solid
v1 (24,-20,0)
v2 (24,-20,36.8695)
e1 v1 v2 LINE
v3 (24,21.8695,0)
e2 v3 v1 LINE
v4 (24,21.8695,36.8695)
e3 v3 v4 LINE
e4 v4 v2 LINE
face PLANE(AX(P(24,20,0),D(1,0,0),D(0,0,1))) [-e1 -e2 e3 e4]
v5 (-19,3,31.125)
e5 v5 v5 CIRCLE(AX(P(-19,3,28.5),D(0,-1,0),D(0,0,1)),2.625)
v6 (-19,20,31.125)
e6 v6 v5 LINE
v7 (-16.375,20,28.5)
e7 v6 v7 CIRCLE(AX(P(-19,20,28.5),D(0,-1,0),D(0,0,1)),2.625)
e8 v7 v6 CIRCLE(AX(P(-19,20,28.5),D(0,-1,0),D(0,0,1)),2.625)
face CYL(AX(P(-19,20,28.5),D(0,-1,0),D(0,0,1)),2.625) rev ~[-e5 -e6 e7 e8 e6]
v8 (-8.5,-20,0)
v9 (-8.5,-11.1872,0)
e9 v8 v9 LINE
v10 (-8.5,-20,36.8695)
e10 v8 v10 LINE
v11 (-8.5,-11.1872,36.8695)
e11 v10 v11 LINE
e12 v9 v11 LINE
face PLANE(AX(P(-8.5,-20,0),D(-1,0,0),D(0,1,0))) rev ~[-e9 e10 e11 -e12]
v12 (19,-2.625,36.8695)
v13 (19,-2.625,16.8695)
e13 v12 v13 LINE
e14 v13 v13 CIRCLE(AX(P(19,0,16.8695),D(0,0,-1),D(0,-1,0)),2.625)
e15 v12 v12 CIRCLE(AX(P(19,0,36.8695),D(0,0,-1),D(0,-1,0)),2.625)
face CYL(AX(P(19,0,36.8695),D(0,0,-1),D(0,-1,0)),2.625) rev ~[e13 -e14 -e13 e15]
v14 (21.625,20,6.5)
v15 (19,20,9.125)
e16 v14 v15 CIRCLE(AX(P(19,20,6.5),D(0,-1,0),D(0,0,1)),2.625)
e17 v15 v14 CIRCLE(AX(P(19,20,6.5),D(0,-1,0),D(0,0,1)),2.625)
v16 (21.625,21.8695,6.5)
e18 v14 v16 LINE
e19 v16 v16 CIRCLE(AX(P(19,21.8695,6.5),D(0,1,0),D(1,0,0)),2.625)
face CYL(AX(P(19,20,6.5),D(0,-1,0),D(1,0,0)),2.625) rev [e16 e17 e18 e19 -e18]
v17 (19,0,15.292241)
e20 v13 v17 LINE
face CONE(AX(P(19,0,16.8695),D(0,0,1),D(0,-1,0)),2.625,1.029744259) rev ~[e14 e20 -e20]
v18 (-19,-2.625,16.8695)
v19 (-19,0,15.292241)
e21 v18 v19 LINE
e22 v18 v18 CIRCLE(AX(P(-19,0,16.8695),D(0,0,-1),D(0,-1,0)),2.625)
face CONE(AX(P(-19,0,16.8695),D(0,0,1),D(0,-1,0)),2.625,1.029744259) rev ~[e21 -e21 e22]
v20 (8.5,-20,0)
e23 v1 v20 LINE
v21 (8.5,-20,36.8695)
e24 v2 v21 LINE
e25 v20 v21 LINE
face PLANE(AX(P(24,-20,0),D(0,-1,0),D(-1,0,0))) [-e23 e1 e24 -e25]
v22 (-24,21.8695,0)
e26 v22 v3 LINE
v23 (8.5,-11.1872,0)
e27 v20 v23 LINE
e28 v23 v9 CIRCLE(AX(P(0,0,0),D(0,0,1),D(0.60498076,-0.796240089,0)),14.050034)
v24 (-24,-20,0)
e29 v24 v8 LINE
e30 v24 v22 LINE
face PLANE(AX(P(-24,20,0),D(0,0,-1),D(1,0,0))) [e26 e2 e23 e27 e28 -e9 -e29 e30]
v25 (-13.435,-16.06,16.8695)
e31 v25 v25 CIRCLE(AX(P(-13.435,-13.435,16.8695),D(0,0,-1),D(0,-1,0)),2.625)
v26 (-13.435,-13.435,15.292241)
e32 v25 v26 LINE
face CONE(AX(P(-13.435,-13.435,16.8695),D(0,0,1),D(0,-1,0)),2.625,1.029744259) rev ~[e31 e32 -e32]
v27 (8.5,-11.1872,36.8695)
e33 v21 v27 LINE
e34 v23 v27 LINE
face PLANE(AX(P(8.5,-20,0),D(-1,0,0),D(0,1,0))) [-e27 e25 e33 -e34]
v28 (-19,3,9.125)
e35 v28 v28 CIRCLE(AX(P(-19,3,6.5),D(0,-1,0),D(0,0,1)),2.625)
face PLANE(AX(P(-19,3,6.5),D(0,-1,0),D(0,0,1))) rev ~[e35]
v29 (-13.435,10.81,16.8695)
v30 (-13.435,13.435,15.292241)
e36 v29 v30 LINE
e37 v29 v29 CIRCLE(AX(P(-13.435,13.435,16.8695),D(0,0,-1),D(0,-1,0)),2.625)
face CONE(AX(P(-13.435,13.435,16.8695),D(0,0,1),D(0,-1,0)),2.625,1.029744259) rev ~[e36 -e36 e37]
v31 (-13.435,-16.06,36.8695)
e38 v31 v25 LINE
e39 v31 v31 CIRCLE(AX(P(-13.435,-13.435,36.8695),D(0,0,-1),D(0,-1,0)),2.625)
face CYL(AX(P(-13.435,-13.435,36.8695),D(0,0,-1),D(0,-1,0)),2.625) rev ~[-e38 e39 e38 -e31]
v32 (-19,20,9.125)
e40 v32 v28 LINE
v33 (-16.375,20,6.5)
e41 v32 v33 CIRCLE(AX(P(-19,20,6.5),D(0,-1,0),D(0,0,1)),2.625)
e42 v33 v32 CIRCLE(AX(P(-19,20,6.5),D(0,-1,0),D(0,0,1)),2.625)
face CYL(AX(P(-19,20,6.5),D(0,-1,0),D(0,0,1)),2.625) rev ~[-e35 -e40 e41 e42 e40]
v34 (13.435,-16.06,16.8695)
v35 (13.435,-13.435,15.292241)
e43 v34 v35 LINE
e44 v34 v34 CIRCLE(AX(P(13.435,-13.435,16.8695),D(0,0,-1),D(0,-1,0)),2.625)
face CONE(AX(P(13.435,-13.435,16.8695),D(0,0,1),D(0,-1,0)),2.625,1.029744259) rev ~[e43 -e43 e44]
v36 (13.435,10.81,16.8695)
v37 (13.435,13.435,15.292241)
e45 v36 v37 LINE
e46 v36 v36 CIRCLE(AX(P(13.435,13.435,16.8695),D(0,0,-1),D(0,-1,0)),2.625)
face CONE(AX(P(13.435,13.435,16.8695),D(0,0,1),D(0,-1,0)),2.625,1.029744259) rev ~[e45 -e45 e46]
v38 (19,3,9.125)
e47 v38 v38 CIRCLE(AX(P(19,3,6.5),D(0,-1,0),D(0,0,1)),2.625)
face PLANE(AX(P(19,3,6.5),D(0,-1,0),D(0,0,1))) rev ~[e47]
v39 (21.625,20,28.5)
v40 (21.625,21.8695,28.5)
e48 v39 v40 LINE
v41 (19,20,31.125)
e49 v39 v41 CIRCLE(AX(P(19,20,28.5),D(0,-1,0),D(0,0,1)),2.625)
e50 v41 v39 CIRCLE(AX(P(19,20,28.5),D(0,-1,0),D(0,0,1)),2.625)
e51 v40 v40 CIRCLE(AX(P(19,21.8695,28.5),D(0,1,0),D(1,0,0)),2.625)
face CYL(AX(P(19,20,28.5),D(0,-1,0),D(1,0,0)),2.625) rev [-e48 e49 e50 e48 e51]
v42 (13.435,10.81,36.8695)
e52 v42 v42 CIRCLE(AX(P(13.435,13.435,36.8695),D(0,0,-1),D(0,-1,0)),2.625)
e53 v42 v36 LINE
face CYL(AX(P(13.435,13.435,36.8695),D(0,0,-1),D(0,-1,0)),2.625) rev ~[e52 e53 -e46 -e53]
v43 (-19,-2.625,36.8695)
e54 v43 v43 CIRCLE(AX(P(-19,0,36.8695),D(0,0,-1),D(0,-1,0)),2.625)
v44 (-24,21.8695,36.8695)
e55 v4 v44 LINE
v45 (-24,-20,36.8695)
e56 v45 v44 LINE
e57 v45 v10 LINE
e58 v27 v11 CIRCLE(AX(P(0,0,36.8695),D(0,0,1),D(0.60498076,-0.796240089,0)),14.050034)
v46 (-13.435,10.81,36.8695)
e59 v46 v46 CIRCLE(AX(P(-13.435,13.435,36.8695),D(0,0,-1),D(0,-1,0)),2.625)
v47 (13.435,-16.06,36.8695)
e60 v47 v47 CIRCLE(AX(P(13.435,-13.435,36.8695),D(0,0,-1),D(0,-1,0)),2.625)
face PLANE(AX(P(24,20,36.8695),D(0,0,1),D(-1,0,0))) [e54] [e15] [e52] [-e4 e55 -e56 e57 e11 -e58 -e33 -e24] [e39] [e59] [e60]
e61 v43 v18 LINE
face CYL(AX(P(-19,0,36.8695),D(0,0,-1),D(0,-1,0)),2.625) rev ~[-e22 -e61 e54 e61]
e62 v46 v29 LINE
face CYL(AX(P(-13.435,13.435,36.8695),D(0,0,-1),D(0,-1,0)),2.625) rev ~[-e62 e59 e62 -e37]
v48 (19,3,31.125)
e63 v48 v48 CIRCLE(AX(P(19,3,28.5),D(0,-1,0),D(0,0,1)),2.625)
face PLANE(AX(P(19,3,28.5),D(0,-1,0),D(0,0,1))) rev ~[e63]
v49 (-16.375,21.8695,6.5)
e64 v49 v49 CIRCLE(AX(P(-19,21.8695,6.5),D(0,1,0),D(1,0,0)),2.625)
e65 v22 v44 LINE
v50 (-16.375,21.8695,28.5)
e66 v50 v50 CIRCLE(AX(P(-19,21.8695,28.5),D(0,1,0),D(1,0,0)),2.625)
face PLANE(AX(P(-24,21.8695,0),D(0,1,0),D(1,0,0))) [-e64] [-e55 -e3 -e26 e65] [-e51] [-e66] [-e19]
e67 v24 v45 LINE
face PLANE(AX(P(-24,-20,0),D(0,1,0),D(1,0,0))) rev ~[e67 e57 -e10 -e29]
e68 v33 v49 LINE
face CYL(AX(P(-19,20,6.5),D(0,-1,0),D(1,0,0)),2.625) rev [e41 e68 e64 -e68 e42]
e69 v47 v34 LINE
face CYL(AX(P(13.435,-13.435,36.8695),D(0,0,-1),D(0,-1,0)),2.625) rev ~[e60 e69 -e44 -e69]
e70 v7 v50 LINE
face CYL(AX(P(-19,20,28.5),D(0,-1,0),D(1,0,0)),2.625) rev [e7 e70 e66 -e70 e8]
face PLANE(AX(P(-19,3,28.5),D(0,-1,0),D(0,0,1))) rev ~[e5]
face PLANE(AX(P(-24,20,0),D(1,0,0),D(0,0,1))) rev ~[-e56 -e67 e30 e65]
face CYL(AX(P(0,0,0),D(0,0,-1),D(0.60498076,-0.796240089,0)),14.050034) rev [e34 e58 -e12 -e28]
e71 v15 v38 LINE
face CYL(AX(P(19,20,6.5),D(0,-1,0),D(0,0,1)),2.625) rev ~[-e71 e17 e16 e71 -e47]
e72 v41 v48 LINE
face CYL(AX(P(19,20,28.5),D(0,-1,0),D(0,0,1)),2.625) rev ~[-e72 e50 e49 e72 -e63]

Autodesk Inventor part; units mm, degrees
ref_plane "YZ Plane" through (0, 0, 0) normal (1, 0, 0) x (0, 1, 0)
ref_plane "XZ Plane" through (0, 0, 0) normal (0, 1, 0) x (-1, 0, 0)
ref_plane "XY Plane" through (0, 0, 0) normal (0, 0, 1) x (1, 0, 0)
sketch "Sketch1" plane through (0, 0, 0) normal (0, 0, 1) x (1, 0, 0)
  line L0 (-24, 20) -> (24, 20)
  line L1 (-24, 20) -> (-24, -20)
  line L2 (-24, -20) -> (-8.5, -20)
  line L3 (24, 20) -> (24, -20)
  line L4 (24, -20) -> (8.5, -20)
  arc A0 (8.5, -11.1872) -> (-8.5, -11.1872) centre (0, 0) ccw
  line L5 (-8.5, -20) -> (-8.5, -11.1872)
  line L6 (8.5, -20) -> (8.5, -11.1872)
  point P0 (0, 20)
  point P1 (-24, 0)
  dimension "d0" = 48
  dimension "d1" = 40
  dimension "d2" = 17
  dimension "d3" = 15.5
  dimension "d4" = 40
  dimension "d6" = 14.05
  dimension "d70" = 8.8128
extrude "Extrusion1" add sketch "Sketch1" along normal blind 36.8695
sketch "Sketch2" plane through (0, 0, 36.8695) normal (0, 0, 1) x (1, 0, 0)
  line L0 (-24, 20) -> (-24, -20) projected
  arc A0 (8.5, -11.1872) -> (-8.5, -11.1872) centre (0, 0) ccw projected
  circle A1 centre (0, 0) radius 19 construction
  point P0 (-19, 0)
  point P1 (-24, 0)
  point P2 (-13.435, -13.435)
  point P3 (-13.435, 13.435)
  point P4 (13.435, 13.435)
  point P5 (19, 0)
  point P6 (13.435, -13.435)
  dimension "d9" = 38
  dimension "d12" = 45
  dimension "d16" = 45
  dimension "d18" = 45
  dimension "d19" = 45
hole "Hole1" at (-19, 0, 36.8695) at (-13.435, -13.435, 36.8695) at (-13.435, 13.435, 36.8695) at (13.435, 13.435, 36.8695) at (19, 0, 36.8695) at (13.435, -13.435, 36.8695) direction (0, 0, -1) diameter 5.25 depth 20 tip angle 118
thread "Thread1" size "M5.5x0.5" class "6H" standard "ANSI Metric M Profile" full length
thread "Thread2" size "M5.5x0.5" class "6H" standard "ANSI Metric M Profile" full length
thread "Thread3" size "M5.5x0.5" class "6H" standard "ANSI Metric M Profile" full length
thread "Thread4" size "M5.5x0.5" class "6H" standard "ANSI Metric M Profile" full length
thread "Thread5" size "M5.5x0.5" class "6H" standard "ANSI Metric M Profile" full length
thread "Thread6" size "M5.5x0.5" class "6H" standard "ANSI Metric M Profile" full length
sketch "Sketch3" plane through (-24, 20, 0) normal (0, 1, 0) x (1, 0, 0)
  line L0 (0, 0) -> (48, 0) projected
  line L1 (0, 0) -> (0, -36.8695) projected
  point P0 (24, 0)
  point P1 (5, -6.5)
  point P2 (43, -6.5)
  point P3 (5, -28.5)
  point P4 (43, -28.5)
  dimension "d41" = 38
  dimension "d44" = 22
  dimension "d47" = 6.5
  dimension "d48" = 5
hole "Hole2" at (-19, 20, 6.5) at (19, 20, 6.5) at (-19, 20, 28.5) at (19, 20, 28.5) direction (0, -1, 0) diameter 5.25 depth 17
thread "Thread7" size "M5.5x0.5" class "6H" standard "ANSI Metric M Profile" full length
thread "Thread8" size "M5.5x0.5" class "6H" standard "ANSI Metric M Profile" full length
thread "Thread9" size "M5.5x0.5" class "6H" standard "ANSI Metric M Profile" full length
thread "Thread10" size "M5.5x0.5" class "6H" standard "ANSI Metric M Profile" full length
sketch "Sketch4" plane through (-24, 20, 0) normal (0, 1, 0) x (1, 0, 0)
  circle A0 centre (5, -28.5) radius 2.625 projected
  circle A1 centre (5, -6.5) radius 2.625 projected
  circle A2 centre (43, -6.5) radius 2.625 projected
  circle A3 centre (43, -28.5) radius 2.625 projected
  line L0 (0, 0) -> (48, 0) projected
  line L1 (0, 0) -> (0, -36.8695) projected
  line L2 (48, -36.8695) -> (0, -36.8695) projected
  line L3 (48, 0) -> (48, -36.8695) projected
  point P0 (24, 0)
  dimension "d64" = 48
  dimension "d65" = 36.8695
  dimension "d66" = 38
  dimension "d67" = 22
  dimension "d68" = 5
  dimension "d69" = 6.5
sketch "Sketch5" plane through (-24, 20, 0) normal (0, 1, 0) x (1, 0, 0)
  circle A0 centre (5, -28.5) radius 2.625 projected
  circle A1 centre (5, -6.5) radius 2.625 projected
  circle A2 centre (43, -6.5) radius 2.625 projected
  circle A3 centre (43, -28.5) radius 2.625 projected
  line L0 (0, 0) -> (48, 0) projected
  line L1 (0, 0) -> (0, -36.8695) projected
  line L2 (48, -36.8695) -> (0, -36.8695) projected
  line L3 (48, 0) -> (48, -36.8695) projected
  point P0 (24, 0)
extrude "Extrusion2" add sketch "Sketch5" along normal blind 1.8695
equation "\"d3\" = -0.5 * d2 + 0.5 * d0"
equation "\"d4\" = d1"
properties part number "HD16"
